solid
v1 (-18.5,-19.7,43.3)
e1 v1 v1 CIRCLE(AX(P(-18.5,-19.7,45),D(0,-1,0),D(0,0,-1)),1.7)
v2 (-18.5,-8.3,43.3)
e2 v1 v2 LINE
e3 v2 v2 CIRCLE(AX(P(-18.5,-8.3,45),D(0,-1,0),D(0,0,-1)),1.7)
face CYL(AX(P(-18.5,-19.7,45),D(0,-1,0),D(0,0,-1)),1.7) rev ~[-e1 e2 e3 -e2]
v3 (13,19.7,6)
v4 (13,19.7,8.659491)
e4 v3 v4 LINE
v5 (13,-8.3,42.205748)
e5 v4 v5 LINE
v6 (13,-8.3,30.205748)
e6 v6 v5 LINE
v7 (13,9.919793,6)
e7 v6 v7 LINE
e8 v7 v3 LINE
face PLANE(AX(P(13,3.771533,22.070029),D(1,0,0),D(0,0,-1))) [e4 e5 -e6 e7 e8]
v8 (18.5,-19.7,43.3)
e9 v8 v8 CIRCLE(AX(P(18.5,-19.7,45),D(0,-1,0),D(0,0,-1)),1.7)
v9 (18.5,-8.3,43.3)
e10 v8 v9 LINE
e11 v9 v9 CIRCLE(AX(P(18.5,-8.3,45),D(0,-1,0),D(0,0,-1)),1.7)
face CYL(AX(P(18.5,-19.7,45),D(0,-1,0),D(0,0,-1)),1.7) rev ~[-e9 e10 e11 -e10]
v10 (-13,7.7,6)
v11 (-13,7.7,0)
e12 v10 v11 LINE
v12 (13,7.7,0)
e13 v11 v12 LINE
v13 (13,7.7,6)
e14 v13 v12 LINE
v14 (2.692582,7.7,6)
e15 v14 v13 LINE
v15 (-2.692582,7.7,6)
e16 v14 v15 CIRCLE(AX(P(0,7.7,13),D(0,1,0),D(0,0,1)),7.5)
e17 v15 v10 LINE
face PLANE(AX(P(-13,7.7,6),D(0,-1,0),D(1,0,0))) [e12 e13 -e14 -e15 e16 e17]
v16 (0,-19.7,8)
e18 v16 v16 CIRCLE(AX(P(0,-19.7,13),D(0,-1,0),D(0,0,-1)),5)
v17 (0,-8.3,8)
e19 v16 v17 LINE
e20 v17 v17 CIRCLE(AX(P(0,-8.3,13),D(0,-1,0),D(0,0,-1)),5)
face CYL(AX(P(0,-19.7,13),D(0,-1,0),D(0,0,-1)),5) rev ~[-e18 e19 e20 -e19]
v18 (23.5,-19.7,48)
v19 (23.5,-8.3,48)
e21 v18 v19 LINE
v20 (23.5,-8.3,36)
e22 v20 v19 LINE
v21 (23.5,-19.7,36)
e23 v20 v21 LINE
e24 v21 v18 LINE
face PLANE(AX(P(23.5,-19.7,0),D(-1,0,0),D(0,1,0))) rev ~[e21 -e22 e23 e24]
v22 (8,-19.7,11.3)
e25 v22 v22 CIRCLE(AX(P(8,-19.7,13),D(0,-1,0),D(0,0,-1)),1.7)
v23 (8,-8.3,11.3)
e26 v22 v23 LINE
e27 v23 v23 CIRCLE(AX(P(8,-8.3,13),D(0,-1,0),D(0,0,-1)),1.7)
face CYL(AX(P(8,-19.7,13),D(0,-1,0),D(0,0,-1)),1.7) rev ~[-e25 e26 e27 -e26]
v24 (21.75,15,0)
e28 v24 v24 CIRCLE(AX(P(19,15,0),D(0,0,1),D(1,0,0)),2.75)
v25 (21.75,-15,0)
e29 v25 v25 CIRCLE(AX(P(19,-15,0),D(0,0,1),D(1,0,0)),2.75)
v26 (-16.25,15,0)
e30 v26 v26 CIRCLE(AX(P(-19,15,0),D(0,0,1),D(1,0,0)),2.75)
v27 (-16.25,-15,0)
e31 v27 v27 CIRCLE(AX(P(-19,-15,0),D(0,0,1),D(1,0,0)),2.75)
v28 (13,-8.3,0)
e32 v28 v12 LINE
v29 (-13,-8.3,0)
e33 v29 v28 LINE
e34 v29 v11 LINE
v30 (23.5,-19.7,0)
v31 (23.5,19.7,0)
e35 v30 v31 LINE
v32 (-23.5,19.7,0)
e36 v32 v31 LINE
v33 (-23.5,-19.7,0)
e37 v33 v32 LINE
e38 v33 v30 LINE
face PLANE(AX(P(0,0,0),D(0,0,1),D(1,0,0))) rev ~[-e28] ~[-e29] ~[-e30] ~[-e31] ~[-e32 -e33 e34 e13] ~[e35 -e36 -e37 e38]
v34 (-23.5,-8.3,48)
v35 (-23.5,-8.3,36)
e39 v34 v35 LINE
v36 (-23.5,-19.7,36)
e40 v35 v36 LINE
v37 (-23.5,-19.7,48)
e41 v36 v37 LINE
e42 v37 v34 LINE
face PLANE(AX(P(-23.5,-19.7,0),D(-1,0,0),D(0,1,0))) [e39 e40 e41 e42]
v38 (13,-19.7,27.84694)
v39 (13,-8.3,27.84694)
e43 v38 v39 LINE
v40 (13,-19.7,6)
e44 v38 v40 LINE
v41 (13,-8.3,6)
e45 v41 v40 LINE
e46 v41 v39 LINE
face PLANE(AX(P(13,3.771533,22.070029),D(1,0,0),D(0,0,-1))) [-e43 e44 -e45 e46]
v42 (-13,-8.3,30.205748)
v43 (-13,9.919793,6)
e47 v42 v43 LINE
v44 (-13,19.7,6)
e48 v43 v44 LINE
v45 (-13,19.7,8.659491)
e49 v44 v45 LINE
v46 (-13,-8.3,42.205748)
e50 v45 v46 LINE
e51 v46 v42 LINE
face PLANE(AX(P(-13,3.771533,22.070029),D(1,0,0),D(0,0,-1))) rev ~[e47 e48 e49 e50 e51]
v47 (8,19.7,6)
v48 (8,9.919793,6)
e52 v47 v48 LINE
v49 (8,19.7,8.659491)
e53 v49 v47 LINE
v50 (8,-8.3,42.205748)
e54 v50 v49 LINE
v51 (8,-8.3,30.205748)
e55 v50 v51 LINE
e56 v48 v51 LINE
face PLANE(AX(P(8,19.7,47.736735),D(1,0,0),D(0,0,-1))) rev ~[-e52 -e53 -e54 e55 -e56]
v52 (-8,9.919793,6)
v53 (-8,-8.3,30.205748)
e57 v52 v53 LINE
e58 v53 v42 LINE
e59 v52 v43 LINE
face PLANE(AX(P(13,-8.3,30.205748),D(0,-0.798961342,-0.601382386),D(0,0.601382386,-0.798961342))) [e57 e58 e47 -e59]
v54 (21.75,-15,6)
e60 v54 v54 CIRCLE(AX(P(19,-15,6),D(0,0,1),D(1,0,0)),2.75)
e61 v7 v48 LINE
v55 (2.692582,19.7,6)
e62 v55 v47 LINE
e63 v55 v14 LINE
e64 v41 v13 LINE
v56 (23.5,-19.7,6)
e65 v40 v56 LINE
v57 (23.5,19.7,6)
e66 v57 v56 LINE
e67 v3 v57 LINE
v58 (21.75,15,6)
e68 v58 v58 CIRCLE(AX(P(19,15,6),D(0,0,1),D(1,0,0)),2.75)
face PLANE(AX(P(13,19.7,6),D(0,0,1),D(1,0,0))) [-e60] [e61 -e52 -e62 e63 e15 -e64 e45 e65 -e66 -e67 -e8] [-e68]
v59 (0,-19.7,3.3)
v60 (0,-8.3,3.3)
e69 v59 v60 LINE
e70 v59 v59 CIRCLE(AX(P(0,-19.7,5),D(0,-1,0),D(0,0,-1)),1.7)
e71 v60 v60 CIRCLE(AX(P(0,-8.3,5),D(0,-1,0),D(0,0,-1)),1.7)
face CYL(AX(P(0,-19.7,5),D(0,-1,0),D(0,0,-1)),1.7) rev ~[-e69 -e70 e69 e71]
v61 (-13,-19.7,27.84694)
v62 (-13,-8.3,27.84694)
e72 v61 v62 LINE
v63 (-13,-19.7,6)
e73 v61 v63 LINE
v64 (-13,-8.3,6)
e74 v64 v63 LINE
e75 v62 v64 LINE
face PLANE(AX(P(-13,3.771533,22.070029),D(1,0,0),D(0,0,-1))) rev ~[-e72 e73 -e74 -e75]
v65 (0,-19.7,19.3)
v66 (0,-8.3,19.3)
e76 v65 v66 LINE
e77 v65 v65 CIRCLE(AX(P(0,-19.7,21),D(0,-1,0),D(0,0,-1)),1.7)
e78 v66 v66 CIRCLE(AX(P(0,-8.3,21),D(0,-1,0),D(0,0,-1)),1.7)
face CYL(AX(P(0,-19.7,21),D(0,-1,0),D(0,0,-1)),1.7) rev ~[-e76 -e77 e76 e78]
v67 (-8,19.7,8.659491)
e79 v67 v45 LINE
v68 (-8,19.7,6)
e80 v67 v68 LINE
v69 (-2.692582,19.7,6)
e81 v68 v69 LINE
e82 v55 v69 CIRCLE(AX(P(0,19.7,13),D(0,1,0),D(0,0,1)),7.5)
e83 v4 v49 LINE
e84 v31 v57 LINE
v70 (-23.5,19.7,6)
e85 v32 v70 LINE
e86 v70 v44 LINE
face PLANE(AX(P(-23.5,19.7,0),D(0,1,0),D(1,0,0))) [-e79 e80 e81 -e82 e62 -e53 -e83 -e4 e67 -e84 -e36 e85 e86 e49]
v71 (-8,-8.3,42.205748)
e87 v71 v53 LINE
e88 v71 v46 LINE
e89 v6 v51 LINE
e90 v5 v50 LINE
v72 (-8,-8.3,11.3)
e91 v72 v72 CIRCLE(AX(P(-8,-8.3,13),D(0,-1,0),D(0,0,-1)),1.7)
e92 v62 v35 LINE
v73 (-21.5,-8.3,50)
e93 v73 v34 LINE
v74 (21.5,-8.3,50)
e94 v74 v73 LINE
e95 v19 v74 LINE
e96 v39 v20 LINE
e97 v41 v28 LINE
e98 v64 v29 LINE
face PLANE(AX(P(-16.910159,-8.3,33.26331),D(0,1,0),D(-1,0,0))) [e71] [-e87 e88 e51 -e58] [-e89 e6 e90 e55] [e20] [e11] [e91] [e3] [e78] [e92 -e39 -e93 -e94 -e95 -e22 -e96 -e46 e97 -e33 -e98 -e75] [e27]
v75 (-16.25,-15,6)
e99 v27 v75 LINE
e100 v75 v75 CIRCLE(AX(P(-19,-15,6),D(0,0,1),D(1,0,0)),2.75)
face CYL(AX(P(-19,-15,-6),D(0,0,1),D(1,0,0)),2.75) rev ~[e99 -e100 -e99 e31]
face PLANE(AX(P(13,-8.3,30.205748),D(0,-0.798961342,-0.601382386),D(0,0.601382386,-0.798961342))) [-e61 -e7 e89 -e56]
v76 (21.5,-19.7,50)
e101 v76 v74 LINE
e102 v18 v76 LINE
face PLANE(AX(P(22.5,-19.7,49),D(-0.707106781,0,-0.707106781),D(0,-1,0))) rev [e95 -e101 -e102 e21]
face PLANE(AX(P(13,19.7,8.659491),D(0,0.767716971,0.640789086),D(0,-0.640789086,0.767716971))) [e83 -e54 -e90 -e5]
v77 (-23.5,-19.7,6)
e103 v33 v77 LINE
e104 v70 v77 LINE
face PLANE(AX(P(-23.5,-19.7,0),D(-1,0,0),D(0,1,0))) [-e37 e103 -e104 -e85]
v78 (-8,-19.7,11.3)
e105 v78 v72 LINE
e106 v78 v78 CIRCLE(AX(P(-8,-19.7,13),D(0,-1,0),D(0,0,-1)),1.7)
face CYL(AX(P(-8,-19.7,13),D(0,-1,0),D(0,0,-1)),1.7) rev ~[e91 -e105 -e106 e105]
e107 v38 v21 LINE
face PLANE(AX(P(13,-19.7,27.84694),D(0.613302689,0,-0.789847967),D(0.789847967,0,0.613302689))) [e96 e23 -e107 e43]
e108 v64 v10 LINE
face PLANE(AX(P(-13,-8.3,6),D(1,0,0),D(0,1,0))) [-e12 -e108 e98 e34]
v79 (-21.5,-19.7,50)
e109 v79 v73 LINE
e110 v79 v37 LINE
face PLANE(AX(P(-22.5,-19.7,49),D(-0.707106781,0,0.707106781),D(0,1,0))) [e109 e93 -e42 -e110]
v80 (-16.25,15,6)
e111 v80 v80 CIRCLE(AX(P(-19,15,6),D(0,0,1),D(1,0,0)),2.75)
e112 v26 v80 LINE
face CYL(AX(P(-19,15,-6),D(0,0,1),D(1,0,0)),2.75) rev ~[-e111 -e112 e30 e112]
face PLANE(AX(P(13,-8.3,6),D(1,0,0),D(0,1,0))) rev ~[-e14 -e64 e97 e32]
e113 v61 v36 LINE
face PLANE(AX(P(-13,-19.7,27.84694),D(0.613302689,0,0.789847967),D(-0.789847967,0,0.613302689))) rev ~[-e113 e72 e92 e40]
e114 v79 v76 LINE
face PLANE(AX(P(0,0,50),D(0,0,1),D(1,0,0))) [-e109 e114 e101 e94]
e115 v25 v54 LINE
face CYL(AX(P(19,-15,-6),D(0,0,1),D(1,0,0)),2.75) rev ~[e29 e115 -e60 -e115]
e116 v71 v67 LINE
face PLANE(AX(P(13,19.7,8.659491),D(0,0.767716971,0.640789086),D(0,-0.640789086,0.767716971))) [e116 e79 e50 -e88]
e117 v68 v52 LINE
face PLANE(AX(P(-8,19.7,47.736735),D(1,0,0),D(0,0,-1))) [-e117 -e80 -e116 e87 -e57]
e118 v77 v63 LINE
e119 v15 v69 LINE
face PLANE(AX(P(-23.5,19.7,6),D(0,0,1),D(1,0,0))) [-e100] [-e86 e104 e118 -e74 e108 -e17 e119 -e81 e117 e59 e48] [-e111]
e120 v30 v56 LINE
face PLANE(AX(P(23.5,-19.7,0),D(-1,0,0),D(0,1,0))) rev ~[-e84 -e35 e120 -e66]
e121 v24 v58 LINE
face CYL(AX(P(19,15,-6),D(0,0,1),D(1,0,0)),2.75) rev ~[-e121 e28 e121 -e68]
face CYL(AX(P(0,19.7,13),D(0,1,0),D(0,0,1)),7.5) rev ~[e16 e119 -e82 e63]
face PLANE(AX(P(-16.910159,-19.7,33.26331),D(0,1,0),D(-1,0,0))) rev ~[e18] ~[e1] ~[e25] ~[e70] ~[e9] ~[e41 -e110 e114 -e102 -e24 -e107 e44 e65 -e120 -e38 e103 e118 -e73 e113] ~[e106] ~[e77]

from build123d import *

# Parameters (mm, degrees)
SKETCH1_W                = 47
SKETCH1_H                = 39.4
BOSS_EXTRUDE1_DEPTH      = 50
SKETCH3_W                = 10.5
SKETCH3_H                = 30
CUT_EXTRUDE1_DEPTH       = 50
SKETCH19_R               = 5
CUT_EXTRUDE6_DEPTH       = 68.857276692
M5_CLEARANCE_HOLE1_D     = 5.5
M5_CLEARANCE_HOLE1_DEPTH = 6
SKETCH25_R               = 7.5
CUT_EXTRUDE7_DEPTH       = 28
CUT_EXTRUDE8_DEPTH       = 28
SKETCH27_W               = 26
SKETCH27_H               = 16
CUT_EXTRUDE9_DEPTH       = 28
CUT_EXTRUDE10_REACH      = 69.857
SKETCH28_R               = 1.7
BOSS_EXTRUDE2_DEPTH      = 26
SKETCH30_W               = 16
SKETCH30_H               = 41.736735488
CUT_EXTRUDE11_DEPTH      = 28
BOSS_EXTRUDE3_DEPTH      = 11.4
CHAMFER1_SIZE            = 2


with BuildPart() as part:
    # Sketch1 → Boss-Extrude1 (new body)
    with BuildSketch(Plane.XY):
        Rectangle(SKETCH1_W, SKETCH1_H)
    extrude(amount=BOSS_EXTRUDE1_DEPTH)

    # Sketch3 → Cut-Extrude1 (cut)
    with BuildSketch(Plane(origin=(0, 19.7, 0), x_dir=(1, 0, 0), z_dir=(0, 1, 0))):
        with Locations((18.25, -21)):
            Rectangle(SKETCH3_W, SKETCH3_H)
        with Locations((-18.25, -21)):
            Rectangle(SKETCH3_W, SKETCH3_H)
    extrude(amount=-CUT_EXTRUDE1_DEPTH, mode=Mode.SUBTRACT)

    # Sketch19 → Cut-Extrude6 (cut, through all)
    with BuildSketch(Plane.XZ.offset(19.7)):
        with Locations(Location((0, 13, 0), (0, 0, 270))):
            Circle(SKETCH19_R)
    extrude(amount=-CUT_EXTRUDE6_DEPTH, mode=Mode.SUBTRACT)

    # M5 Clearance Hole1
    with Locations(Plane(origin=(0, 0, 0), x_dir=(-1, 0, 0), z_dir=(0, 0, -1))):
        with Locations((-19, -15), (-19, 15), (19, 15), (19, -15)):
            Hole(M5_CLEARANCE_HOLE1_D / 2, depth=M5_CLEARANCE_HOLE1_DEPTH)

    # Sketch25 → Cut-Extrude7 (cut)
    with BuildSketch(Plane(origin=(0, 19.7, 0), x_dir=(1, 0, 0), z_dir=(0, 1, 0))):
        with Locations(Location((0, -13, 0), (0, 0, 270))):
            Circle(SKETCH25_R)
    extrude(amount=-CUT_EXTRUDE7_DEPTH, mode=Mode.SUBTRACT)

    # Sketch26 → Cut-Extrude8 (cut)
    with BuildSketch(Plane(origin=(0, 19.7, 0), x_dir=(1, 0, 0), z_dir=(0, 1, 0))):
        Polygon((13, -6), (13, -36), (23.5, -36), (23.5, -50), (-23.5, -50), (-23.5, -36), (-13, -36), (-13, -6), align=None)
    extrude(amount=-CUT_EXTRUDE8_DEPTH, mode=Mode.SUBTRACT)

    # Sketch27 → Cut-Extrude9 (cut)
    with BuildSketch(Plane.XY.offset(6)):
        with Locations((0, -0.3)):
            Rectangle(SKETCH27_W, SKETCH27_H)
    extrude(amount=-CUT_EXTRUDE9_DEPTH, mode=Mode.SUBTRACT)

    # Sketch28 → Cut-Extrude10 (cut, up to next)
    with BuildSketch(Plane.XZ.offset(19.7), mode=Mode.PRIVATE) as cut_extrude10_sk1:
        with Locations(Location((0, 21, 0), (0, 0, 270))):
            Circle(SKETCH28_R)
    cut_extrude10_tool1 = extrude(cut_extrude10_sk1.sketch, amount=-CUT_EXTRUDE10_REACH, mode=Mode.PRIVATE) & part.part
    # Sketch28 → Cut-Extrude10 (cut, up to next)
    with BuildSketch(Plane.XZ.offset(19.7), mode=Mode.PRIVATE) as cut_extrude10_sk2:
        with Locations(Location((8, 13, 0), (0, 0, 270))):
            Circle(SKETCH28_R)
    cut_extrude10_tool2 = extrude(cut_extrude10_sk2.sketch, amount=-CUT_EXTRUDE10_REACH, mode=Mode.PRIVATE) & part.part
    # Sketch28 → Cut-Extrude10 (cut, up to next)
    with BuildSketch(Plane.XZ.offset(19.7), mode=Mode.PRIVATE) as cut_extrude10_sk3:
        with Locations(Location((0, 5, 0), (0, 0, 270))):
            Circle(SKETCH28_R)
    cut_extrude10_tool3 = extrude(cut_extrude10_sk3.sketch, amount=-CUT_EXTRUDE10_REACH, mode=Mode.PRIVATE) & part.part
    # Sketch28 → Cut-Extrude10 (cut, up to next)
    with BuildSketch(Plane.XZ.offset(19.7), mode=Mode.PRIVATE) as cut_extrude10_sk4:
        with Locations(Location((-8, 13, 0), (0, 0, 270))):
            Circle(SKETCH28_R)
    cut_extrude10_tool4 = extrude(cut_extrude10_sk4.sketch, amount=-CUT_EXTRUDE10_REACH, mode=Mode.PRIVATE) & part.part
    # Sketch28 → Cut-Extrude10 (cut, up to next)
    with BuildSketch(Plane.XZ.offset(19.7), mode=Mode.PRIVATE) as cut_extrude10_sk5:
        with Locations(Location((-18.5, 45, 0), (0, 0, 270))):
            Circle(SKETCH28_R)
    cut_extrude10_tool5 = extrude(cut_extrude10_sk5.sketch, amount=-CUT_EXTRUDE10_REACH, mode=Mode.PRIVATE) & part.part
    # Sketch28 → Cut-Extrude10 (cut, up to next)
    with BuildSketch(Plane.XZ.offset(19.7), mode=Mode.PRIVATE) as cut_extrude10_sk6:
        with Locations(Location((18.5, 45, 0), (0, 0, 270))):
            Circle(SKETCH28_R)
    cut_extrude10_tool6 = extrude(cut_extrude10_sk6.sketch, amount=-CUT_EXTRUDE10_REACH, mode=Mode.PRIVATE) & part.part
    add(cut_extrude10_tool1.solids().sort_by_distance((0, -19.7, 21))[0], mode=Mode.SUBTRACT)
    add(cut_extrude10_tool2.solids().sort_by_distance((8, -19.7, 13))[0], mode=Mode.SUBTRACT)
    add(cut_extrude10_tool3.solids().sort_by_distance((0, -19.7, 5))[0], mode=Mode.SUBTRACT)
    add(cut_extrude10_tool4.solids().sort_by_distance((-8, -19.7, 13))[0], mode=Mode.SUBTRACT)
    add(cut_extrude10_tool5.solids().sort_by_distance((-18.5, -19.7, 45))[0], mode=Mode.SUBTRACT)
    add(cut_extrude10_tool6.solids().sort_by_distance((18.5, -19.7, 45))[0], mode=Mode.SUBTRACT)

    # Sketch29 → Boss-Extrude2 (add)
    with BuildSketch(Plane(origin=(13, 0, 0), x_dir=(0, 0, -1), z_dir=(1, 0, 0))):
        Polygon((-42.205748108, -8.3), (-30.205748108, -8.3), (-6, 9.919793382), (-6, 19.7), (-8.659491381, 19.7), align=None)
    extrude(amount=-BOSS_EXTRUDE2_DEPTH)

    # Sketch30 → Cut-Extrude11 (cut)
    with BuildSketch(Plane(origin=(0, 19.7, 0), x_dir=(1, 0, 0), z_dir=(0, 1, 0))):
        with Locations((0, -26.868367744)):
            Rectangle(SKETCH30_W, SKETCH30_H)
    extrude(amount=-CUT_EXTRUDE11_DEPTH, mode=Mode.SUBTRACT)

    # Sketch31 → Boss-Extrude3 (add)
    with BuildSketch(Plane.XZ.offset(19.7)):
        Polygon((-23.5, 36), (-13, 36), (-13, 27.846939537), align=None)
        Polygon((13, 36), (13, 27.846939537), (23.5, 36), align=None)
    extrude(amount=-BOSS_EXTRUDE3_DEPTH)

    # Chamfer1
    chamfer1_edges = [part.edges().sort_by_distance(p)[0] for p in [
        (23.5, -14, 50),
        (-23.5, -14, 50),
    ]]
    chamfer(chamfer1_edges, length=CHAMFER1_SIZE)


solid = part.part
